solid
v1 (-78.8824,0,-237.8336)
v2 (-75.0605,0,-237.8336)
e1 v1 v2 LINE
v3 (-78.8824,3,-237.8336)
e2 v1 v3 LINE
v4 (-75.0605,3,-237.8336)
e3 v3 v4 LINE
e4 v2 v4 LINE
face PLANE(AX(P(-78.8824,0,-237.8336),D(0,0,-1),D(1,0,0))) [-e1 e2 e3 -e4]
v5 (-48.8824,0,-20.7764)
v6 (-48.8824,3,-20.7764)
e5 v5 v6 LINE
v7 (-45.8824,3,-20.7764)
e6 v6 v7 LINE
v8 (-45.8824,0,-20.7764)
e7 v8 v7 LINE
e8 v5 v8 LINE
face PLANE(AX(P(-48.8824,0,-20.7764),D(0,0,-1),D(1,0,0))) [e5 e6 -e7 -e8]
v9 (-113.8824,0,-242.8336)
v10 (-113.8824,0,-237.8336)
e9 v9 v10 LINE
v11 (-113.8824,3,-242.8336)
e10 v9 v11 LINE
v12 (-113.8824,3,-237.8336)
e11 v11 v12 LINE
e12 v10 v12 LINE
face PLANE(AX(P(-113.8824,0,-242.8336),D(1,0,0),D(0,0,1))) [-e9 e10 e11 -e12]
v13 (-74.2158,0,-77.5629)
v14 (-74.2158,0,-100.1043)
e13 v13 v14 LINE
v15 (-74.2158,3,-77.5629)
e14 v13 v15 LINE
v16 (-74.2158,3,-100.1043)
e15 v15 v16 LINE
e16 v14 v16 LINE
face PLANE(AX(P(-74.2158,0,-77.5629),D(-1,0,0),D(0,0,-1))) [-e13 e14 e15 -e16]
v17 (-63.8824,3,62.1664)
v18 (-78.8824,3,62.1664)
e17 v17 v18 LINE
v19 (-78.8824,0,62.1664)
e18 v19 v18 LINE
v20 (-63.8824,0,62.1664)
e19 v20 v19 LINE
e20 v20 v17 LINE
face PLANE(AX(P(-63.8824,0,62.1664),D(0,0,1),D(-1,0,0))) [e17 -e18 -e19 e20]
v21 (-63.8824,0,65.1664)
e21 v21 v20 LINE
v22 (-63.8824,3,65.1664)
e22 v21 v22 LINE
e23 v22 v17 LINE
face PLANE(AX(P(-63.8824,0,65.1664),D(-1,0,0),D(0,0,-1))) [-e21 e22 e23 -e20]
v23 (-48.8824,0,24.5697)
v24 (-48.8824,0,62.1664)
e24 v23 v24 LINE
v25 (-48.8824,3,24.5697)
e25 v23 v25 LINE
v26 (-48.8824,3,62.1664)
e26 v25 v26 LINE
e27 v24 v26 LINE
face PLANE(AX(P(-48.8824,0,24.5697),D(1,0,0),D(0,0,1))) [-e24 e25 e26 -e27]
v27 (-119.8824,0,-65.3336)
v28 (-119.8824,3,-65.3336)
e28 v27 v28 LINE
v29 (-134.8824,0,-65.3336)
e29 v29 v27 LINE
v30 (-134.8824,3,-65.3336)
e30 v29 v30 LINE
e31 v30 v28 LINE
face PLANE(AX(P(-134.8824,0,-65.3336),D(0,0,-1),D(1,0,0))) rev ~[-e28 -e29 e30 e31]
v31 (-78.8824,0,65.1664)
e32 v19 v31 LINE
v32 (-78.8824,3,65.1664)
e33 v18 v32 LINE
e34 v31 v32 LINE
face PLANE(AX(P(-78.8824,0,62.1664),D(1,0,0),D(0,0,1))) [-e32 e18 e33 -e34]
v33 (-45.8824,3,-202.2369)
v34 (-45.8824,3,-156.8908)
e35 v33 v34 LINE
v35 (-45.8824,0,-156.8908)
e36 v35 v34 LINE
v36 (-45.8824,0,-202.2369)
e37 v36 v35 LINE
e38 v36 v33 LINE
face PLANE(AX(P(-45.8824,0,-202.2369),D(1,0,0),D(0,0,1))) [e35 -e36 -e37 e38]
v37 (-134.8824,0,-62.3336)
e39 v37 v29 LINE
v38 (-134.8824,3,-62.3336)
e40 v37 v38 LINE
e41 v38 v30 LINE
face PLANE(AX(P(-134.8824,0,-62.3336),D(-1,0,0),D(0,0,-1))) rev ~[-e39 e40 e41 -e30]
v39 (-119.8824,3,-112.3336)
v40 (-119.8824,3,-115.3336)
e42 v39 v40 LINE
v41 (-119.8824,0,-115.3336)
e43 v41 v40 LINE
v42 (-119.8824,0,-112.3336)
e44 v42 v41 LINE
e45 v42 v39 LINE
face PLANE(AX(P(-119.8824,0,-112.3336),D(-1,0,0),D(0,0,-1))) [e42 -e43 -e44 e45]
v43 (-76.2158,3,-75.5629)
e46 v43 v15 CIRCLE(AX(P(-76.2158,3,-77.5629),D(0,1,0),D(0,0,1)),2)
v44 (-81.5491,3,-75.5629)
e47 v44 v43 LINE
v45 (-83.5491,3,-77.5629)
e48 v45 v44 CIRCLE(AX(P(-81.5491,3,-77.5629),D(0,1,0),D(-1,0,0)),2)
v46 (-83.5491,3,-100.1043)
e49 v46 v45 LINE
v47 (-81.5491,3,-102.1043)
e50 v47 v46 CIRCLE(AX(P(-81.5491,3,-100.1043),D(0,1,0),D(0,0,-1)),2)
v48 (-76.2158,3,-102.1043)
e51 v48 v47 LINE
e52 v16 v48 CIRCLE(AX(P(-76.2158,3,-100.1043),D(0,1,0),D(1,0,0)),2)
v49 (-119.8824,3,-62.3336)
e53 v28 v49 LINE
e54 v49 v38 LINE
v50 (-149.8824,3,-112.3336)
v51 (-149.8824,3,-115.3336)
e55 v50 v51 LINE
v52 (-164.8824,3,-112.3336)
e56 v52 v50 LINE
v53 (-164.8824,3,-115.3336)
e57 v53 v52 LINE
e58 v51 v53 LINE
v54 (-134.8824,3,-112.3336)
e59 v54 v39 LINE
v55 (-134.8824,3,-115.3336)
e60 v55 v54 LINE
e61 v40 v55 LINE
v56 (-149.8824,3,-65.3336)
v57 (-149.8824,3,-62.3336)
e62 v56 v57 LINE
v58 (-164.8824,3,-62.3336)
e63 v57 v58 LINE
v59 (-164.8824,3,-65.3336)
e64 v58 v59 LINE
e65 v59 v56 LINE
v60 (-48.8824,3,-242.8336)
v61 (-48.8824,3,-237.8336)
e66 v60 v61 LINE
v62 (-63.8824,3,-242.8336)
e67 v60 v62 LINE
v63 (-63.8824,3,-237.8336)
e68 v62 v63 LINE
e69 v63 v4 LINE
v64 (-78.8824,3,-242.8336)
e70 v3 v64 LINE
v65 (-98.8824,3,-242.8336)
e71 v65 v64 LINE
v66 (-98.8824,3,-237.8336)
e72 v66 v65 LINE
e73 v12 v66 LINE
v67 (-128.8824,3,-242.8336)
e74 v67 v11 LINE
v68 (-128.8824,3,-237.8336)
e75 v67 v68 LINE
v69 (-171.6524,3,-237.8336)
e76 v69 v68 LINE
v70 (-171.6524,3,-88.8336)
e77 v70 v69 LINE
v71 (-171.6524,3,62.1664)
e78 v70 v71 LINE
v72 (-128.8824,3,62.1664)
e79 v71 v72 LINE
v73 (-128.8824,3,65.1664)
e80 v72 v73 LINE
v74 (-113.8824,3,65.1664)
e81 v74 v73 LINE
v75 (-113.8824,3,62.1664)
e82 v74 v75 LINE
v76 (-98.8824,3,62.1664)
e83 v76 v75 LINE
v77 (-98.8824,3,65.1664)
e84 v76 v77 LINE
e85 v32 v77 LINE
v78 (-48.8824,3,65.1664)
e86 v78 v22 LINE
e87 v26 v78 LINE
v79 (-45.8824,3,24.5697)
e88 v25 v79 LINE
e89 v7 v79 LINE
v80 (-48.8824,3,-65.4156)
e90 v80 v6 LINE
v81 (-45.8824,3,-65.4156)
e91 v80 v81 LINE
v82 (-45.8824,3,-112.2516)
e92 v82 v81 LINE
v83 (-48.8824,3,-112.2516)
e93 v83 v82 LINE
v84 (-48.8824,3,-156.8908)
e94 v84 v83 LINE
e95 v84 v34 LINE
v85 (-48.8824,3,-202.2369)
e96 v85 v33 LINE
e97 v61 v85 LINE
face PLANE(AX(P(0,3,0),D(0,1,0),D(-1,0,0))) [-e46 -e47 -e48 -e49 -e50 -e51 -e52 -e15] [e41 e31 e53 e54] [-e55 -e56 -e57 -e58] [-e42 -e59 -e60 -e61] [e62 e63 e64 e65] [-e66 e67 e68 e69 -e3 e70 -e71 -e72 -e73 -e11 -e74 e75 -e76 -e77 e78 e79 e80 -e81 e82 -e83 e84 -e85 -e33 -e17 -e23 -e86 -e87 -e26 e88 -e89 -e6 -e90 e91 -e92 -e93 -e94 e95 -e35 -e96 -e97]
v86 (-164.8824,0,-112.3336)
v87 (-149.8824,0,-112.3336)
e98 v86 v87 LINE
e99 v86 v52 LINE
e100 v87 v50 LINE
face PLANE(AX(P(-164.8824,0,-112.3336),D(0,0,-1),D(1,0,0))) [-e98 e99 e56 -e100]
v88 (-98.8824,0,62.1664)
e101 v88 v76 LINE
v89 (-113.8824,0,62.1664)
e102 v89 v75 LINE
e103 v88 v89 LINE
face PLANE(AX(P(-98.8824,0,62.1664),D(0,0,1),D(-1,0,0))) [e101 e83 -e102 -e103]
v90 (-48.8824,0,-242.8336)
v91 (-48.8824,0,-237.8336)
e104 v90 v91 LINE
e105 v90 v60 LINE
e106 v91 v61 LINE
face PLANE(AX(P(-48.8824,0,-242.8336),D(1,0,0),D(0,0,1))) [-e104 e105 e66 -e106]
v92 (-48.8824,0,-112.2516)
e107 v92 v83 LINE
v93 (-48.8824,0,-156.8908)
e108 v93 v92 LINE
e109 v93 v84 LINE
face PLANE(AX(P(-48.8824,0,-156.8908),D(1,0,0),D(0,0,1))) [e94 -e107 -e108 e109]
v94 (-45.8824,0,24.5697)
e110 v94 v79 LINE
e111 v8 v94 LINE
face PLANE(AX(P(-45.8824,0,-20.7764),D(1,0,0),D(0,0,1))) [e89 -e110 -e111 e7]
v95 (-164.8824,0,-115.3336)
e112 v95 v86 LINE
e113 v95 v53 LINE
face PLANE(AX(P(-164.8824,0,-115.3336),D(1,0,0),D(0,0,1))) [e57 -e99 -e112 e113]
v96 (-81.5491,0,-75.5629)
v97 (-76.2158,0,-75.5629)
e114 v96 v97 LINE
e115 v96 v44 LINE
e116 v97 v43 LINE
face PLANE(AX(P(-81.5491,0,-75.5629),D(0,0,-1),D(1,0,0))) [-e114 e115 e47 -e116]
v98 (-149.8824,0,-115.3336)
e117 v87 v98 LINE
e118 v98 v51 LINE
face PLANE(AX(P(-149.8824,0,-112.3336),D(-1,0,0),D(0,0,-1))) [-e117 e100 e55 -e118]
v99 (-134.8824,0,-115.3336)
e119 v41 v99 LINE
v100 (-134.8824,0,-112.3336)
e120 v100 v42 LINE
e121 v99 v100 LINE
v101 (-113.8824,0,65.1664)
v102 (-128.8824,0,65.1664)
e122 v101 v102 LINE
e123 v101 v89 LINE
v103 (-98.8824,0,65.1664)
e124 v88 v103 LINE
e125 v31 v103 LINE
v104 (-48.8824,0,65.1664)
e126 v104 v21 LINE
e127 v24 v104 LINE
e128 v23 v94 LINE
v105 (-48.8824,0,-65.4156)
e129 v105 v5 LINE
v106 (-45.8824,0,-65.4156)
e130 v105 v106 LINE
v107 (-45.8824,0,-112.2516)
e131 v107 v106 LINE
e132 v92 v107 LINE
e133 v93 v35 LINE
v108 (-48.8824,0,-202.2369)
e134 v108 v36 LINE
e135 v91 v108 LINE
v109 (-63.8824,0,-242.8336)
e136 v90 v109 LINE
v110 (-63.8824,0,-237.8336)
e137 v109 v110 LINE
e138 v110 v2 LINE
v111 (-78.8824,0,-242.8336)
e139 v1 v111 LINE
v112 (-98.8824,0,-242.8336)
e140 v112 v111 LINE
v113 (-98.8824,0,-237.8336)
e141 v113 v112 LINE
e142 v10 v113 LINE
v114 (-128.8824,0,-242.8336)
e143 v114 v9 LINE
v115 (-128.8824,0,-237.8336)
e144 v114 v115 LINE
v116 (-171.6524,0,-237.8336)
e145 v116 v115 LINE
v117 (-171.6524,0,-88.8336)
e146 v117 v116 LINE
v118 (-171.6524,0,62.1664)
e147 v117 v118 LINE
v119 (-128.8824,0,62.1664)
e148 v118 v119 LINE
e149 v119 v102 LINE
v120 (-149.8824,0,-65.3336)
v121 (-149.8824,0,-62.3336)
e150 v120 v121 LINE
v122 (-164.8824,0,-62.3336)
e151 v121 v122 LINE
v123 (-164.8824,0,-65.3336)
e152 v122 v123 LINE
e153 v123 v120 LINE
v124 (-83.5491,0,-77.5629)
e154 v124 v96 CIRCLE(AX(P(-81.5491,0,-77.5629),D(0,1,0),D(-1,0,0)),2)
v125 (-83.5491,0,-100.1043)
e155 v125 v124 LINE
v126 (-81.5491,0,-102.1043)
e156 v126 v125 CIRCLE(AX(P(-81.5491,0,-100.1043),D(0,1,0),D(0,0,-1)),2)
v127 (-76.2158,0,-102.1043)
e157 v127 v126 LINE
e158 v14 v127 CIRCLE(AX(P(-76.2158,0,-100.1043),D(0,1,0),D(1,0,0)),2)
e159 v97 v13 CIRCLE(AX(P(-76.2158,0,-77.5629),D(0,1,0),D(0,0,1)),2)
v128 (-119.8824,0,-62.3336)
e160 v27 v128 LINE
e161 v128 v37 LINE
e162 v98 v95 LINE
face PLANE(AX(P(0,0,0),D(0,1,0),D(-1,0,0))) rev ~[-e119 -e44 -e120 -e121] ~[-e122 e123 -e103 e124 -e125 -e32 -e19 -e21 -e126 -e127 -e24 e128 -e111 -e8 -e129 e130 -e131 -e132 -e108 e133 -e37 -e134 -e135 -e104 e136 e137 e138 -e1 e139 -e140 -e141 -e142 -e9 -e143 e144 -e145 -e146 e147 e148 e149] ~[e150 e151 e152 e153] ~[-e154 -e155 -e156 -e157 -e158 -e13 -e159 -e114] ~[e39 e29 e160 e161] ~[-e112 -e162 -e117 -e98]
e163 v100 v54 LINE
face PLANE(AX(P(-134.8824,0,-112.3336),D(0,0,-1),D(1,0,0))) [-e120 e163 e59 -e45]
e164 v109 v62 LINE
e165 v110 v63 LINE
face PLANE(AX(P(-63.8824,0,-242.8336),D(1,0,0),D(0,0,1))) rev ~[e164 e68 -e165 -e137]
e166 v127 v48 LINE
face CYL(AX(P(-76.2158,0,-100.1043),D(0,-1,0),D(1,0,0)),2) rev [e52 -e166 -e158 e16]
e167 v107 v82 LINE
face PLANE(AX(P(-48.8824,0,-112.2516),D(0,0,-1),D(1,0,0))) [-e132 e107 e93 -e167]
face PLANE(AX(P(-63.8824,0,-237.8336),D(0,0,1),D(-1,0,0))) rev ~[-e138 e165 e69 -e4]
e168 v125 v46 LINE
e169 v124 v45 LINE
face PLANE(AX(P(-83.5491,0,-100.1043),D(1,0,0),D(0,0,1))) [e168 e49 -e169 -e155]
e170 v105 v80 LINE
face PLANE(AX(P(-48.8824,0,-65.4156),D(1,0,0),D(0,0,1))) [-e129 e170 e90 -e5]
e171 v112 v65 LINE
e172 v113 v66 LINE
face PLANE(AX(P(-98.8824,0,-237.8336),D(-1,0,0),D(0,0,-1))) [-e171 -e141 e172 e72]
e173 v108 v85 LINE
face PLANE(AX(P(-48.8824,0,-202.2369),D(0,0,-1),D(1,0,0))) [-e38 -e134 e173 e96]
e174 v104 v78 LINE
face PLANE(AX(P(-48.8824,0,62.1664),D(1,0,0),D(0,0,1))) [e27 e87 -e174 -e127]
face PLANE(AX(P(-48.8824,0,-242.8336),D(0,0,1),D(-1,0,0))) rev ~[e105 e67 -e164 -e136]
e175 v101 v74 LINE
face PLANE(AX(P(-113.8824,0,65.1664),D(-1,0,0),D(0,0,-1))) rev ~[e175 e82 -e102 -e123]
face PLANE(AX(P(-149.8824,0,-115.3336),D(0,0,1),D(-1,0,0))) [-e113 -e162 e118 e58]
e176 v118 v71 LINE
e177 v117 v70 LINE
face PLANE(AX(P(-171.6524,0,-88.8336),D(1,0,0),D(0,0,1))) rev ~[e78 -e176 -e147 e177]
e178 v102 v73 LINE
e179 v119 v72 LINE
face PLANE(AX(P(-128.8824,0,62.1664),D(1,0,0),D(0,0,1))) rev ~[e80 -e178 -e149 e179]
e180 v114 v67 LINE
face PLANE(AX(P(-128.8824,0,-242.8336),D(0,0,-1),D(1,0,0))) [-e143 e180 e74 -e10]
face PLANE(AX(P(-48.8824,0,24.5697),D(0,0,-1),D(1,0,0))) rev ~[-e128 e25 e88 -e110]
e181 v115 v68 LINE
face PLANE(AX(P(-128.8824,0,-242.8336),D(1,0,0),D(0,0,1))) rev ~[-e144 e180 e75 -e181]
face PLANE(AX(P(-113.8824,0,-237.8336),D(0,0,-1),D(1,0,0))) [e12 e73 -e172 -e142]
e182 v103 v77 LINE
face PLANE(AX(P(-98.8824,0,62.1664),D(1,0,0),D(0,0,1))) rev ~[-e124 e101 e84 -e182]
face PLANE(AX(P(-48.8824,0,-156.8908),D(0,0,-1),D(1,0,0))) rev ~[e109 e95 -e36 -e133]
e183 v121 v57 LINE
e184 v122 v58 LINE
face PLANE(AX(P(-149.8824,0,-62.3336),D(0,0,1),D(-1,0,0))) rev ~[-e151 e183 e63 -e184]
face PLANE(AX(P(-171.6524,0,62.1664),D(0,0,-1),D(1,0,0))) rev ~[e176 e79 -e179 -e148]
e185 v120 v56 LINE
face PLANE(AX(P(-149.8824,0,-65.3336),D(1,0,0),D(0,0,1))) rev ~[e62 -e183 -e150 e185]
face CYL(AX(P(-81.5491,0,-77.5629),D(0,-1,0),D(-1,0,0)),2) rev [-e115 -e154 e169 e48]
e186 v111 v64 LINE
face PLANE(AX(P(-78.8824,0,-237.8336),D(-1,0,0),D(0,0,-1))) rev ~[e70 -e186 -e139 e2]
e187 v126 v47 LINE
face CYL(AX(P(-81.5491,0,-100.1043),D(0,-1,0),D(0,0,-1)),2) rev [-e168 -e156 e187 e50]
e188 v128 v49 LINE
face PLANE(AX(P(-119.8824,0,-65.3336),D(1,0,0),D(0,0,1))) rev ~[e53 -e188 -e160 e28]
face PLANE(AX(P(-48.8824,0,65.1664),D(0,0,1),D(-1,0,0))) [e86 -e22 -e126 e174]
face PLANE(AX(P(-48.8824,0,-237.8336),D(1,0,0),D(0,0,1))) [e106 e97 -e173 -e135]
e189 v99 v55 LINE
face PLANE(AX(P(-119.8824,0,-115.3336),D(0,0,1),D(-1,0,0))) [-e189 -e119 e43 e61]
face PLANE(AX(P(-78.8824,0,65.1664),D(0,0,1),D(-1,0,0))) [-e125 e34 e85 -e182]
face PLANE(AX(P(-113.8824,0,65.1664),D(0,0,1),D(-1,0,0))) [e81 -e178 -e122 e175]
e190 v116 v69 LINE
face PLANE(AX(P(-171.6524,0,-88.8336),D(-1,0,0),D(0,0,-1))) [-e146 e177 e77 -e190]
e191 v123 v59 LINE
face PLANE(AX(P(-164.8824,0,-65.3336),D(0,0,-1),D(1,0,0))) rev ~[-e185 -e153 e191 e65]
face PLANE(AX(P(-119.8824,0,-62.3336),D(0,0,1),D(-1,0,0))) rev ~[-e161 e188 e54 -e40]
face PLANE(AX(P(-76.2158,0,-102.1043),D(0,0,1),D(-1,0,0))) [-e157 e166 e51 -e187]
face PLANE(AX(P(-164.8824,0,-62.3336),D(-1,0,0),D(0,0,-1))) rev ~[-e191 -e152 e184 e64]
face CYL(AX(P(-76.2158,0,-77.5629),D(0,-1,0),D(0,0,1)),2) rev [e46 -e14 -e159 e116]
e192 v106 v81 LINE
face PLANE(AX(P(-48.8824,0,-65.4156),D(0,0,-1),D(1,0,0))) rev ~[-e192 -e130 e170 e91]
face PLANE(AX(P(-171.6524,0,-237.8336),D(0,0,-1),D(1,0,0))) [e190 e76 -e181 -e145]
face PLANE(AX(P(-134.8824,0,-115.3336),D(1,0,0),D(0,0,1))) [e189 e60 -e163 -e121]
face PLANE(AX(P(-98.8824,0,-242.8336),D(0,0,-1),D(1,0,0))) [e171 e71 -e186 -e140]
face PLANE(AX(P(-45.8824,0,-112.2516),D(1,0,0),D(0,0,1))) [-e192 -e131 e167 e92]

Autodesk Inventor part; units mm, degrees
ref_plane "YZ Plane" through (0, 0, 0) normal (1, 0, 0) x (0, 1, 0)
ref_plane "XZ Plane" through (0, 0, 0) normal (0, 1, 0) x (-1, 0, 0)
ref_plane "XY Plane" through (0, 0, 0) normal (0, 0, 1) x (1, 0, 0)
sketch "Sketch1" plane through (0, 0, 0) normal (0, 1, 0) x (-1, 0, 0)
  line L0 (98.8824, -242.8336) -> (78.8824, -242.8336)
  line L1 (98.8824, -237.8336) -> (98.8824, -242.8336)
  line L2 (113.8824, -237.8336) -> (98.8824, -237.8336)
  line L3 (128.8824, -242.8336) -> (113.8824, -242.8336)
  line L4 (128.8824, -242.8336) -> (128.8824, -237.8336)
  line L5 (113.8824, -242.8336) -> (113.8824, -237.8336)
  line L6 (113.8824, 65.1664) -> (113.8824, 62.1664)
  line L7 (98.8824, 62.1664) -> (98.8824, 65.1664)
  line L8 (78.8824, 65.1664) -> (98.8824, 65.1664)
  line L9 (98.8824, 62.1664) -> (113.8824, 62.1664)
  line L10 (113.8824, 65.1664) -> (128.8824, 65.1664)
  line L11 (128.8824, 62.1664) -> (128.8824, 65.1664)
  line L12 (78.8824, 62.1664) -> (78.8824, 65.1664)
  line L13 (63.8824, 62.1664) -> (78.8824, 62.1664)
  line L14 (63.8824, 65.1664) -> (63.8824, 62.1664)
  line L15 (63.8824, -242.8336) -> (63.8824, -237.8336)
  line L16 (63.8824, -237.8336) -> (75.0605, -237.8336)
  line L17 (78.8824, -237.8336) -> (78.8824, -242.8336)
  line L18 (78.8824, -237.8336) -> (63.8824, -237.8336)
  line L19 (63.8824, -237.8336) -> (78.8824, -237.8336)
  line L20 (48.8824, -65.4156) -> (48.8824, -20.7764)
  line L21 (48.8824, -65.4156) -> (48.8824, -20.7764)
  line L22 (48.8824, -65.4156) -> (45.8824, -65.4156)
  line L23 (45.8824, -112.2516) -> (45.8824, -65.4156)
  line L24 (48.8824, -20.7764) -> (45.8824, -20.7764)
  line L25 (48.8824, -202.2369) -> (45.8824, -202.2369)
  line L26 (48.8824, -156.8908) -> (45.8824, -156.8908)
  line L27 (45.8824, -202.2369) -> (45.8824, -156.8908)
  line L28 (48.8824, -112.2516) -> (45.8824, -112.2516)
  line L29 (48.8824, -156.8908) -> (48.8824, -112.2516)
  line L30 (48.8824, -156.8908) -> (48.8824, -112.2516)
  line L31 (45.8824, -20.7764) -> (45.8824, 24.5697)
  line L32 (48.8824, 24.5697) -> (45.8824, 24.5697)
  line L33 (48.8824, 24.5697) -> (48.8824, 62.1664)
  line L34 (48.8824, 65.1664) -> (63.8824, 65.1664)
  line L35 (48.8824, 24.5697) -> (48.8824, 65.1664)
  line L36 (48.8824, -237.8336) -> (48.8824, -202.2369)
  line L37 (48.8824, -242.8336) -> (63.8824, -242.8336)
  line L38 (48.8824, -242.8336) -> (48.8824, -237.8336)
  line L39 (164.8824, -115.3336) -> (164.8824, -112.3336)
  line L40 (164.8824, -112.3336) -> (149.8824, -112.3336)
  line L41 (149.8824, -112.3336) -> (149.8824, -115.3336)
  line L42 (134.8824, -115.3336) -> (134.8824, -112.3336)
  line L43 (134.8824, -112.3336) -> (119.8824, -112.3336)
  line L44 (119.8824, -112.3336) -> (119.8824, -115.3336)
  line L45 (119.8824, -115.3336) -> (134.8824, -115.3336)
  line L46 (149.8824, -115.3336) -> (164.8824, -115.3336)
  line L47 (171.6524, -88.8336) -> (171.6524, -237.8336)
  line L48 (171.6524, -237.8336) -> (128.8824, -237.8336)
  line L49 (171.6524, -88.8336) -> (171.6524, 62.1664)
  line L50 (171.6524, 62.1664) -> (128.8824, 62.1664)
  line L51 (164.8824, -62.3336) -> (164.8824, -65.3336)
  line L52 (164.8824, -65.3336) -> (149.8824, -65.3336)
  line L53 (149.8824, -65.3336) -> (149.8824, -62.3336)
  line L54 (134.8824, -62.3336) -> (134.8824, -65.3336)
  line L55 (134.8824, -65.3336) -> (119.8824, -65.3336)
  line L56 (119.8824, -65.3336) -> (119.8824, -62.3336)
  line L57 (119.8824, -62.3336) -> (134.8824, -62.3336)
  line L58 (149.8824, -62.3336) -> (164.8824, -62.3336)
  line L59 (76.2158, -102.1043) -> (81.5491, -102.1043)
  line L60 (83.5491, -100.1043) -> (83.5491, -77.5629)
  line L61 (81.5491, -75.5629) -> (76.2158, -75.5629)
  line L62 (74.2158, -77.5629) -> (74.2158, -100.1043)
  line L63 (74.2158, -102.1043) -> (83.5491, -75.5629) construction
  line L64 (83.5491, -102.1043) -> (74.2158, -75.5629) construction
  arc A0 (83.5491, -77.5629) -> (81.5491, -75.5629) centre (81.5491, -77.5629) ccw
  arc A1 (76.2158, -75.5629) -> (74.2158, -77.5629) centre (76.2158, -77.5629) ccw
  arc A2 (81.5491, -102.1043) -> (83.5491, -100.1043) centre (81.5491, -100.1043) ccw
  arc A3 (74.2158, -100.1043) -> (76.2158, -102.1043) centre (76.2158, -100.1043) ccw
  point P0 (0, 0)
  point P1 (0, 0)
  point P2 (106.3824, -237.8336)
  point P3 (106.3824, 62.1664)
  point P4 (121.3824, 65.1664)
  point P5 (47.3824, -202.2369)
  point P6 (78.8824, -88.8336)
  dimension "d0" = 80
  dimension "d1" = 15
  dimension "d2" = 15
  dimension "d3" = 300
  dimension "d5" = 3
  dimension "d6" = 5
  dimension "d7" = 44.6392
  dimension "d8" = 37.5967
  dimension "d9" = 44.6392
  dimension "d10" = 40.5967
  dimension "d11" = 45.3461
  dimension "d12" = 46.8359
  dimension "d13" = 45.3461
  dimension "d14" = 20
  dimension "d15" = 15
  dimension "d16" = 15
  dimension "d17" = 15
  dimension "d18" = 15
  dimension "d19" = 15
  dimension "d20" = 15
  dimension "d21" = 20
  dimension "d22" = 308
  dimension "d29" = 3
  dimension "d30" = 15
  dimension "d31" = 3
  dimension "d32" = 15
  dimension "d33" = 3
  dimension "d34" = 15
  dimension "d38" = 2
extrude "Extrusion1" add sketch "Sketch1" along normal blind 3
properties part number "mieng_ben_gan_sensor_3mm"
